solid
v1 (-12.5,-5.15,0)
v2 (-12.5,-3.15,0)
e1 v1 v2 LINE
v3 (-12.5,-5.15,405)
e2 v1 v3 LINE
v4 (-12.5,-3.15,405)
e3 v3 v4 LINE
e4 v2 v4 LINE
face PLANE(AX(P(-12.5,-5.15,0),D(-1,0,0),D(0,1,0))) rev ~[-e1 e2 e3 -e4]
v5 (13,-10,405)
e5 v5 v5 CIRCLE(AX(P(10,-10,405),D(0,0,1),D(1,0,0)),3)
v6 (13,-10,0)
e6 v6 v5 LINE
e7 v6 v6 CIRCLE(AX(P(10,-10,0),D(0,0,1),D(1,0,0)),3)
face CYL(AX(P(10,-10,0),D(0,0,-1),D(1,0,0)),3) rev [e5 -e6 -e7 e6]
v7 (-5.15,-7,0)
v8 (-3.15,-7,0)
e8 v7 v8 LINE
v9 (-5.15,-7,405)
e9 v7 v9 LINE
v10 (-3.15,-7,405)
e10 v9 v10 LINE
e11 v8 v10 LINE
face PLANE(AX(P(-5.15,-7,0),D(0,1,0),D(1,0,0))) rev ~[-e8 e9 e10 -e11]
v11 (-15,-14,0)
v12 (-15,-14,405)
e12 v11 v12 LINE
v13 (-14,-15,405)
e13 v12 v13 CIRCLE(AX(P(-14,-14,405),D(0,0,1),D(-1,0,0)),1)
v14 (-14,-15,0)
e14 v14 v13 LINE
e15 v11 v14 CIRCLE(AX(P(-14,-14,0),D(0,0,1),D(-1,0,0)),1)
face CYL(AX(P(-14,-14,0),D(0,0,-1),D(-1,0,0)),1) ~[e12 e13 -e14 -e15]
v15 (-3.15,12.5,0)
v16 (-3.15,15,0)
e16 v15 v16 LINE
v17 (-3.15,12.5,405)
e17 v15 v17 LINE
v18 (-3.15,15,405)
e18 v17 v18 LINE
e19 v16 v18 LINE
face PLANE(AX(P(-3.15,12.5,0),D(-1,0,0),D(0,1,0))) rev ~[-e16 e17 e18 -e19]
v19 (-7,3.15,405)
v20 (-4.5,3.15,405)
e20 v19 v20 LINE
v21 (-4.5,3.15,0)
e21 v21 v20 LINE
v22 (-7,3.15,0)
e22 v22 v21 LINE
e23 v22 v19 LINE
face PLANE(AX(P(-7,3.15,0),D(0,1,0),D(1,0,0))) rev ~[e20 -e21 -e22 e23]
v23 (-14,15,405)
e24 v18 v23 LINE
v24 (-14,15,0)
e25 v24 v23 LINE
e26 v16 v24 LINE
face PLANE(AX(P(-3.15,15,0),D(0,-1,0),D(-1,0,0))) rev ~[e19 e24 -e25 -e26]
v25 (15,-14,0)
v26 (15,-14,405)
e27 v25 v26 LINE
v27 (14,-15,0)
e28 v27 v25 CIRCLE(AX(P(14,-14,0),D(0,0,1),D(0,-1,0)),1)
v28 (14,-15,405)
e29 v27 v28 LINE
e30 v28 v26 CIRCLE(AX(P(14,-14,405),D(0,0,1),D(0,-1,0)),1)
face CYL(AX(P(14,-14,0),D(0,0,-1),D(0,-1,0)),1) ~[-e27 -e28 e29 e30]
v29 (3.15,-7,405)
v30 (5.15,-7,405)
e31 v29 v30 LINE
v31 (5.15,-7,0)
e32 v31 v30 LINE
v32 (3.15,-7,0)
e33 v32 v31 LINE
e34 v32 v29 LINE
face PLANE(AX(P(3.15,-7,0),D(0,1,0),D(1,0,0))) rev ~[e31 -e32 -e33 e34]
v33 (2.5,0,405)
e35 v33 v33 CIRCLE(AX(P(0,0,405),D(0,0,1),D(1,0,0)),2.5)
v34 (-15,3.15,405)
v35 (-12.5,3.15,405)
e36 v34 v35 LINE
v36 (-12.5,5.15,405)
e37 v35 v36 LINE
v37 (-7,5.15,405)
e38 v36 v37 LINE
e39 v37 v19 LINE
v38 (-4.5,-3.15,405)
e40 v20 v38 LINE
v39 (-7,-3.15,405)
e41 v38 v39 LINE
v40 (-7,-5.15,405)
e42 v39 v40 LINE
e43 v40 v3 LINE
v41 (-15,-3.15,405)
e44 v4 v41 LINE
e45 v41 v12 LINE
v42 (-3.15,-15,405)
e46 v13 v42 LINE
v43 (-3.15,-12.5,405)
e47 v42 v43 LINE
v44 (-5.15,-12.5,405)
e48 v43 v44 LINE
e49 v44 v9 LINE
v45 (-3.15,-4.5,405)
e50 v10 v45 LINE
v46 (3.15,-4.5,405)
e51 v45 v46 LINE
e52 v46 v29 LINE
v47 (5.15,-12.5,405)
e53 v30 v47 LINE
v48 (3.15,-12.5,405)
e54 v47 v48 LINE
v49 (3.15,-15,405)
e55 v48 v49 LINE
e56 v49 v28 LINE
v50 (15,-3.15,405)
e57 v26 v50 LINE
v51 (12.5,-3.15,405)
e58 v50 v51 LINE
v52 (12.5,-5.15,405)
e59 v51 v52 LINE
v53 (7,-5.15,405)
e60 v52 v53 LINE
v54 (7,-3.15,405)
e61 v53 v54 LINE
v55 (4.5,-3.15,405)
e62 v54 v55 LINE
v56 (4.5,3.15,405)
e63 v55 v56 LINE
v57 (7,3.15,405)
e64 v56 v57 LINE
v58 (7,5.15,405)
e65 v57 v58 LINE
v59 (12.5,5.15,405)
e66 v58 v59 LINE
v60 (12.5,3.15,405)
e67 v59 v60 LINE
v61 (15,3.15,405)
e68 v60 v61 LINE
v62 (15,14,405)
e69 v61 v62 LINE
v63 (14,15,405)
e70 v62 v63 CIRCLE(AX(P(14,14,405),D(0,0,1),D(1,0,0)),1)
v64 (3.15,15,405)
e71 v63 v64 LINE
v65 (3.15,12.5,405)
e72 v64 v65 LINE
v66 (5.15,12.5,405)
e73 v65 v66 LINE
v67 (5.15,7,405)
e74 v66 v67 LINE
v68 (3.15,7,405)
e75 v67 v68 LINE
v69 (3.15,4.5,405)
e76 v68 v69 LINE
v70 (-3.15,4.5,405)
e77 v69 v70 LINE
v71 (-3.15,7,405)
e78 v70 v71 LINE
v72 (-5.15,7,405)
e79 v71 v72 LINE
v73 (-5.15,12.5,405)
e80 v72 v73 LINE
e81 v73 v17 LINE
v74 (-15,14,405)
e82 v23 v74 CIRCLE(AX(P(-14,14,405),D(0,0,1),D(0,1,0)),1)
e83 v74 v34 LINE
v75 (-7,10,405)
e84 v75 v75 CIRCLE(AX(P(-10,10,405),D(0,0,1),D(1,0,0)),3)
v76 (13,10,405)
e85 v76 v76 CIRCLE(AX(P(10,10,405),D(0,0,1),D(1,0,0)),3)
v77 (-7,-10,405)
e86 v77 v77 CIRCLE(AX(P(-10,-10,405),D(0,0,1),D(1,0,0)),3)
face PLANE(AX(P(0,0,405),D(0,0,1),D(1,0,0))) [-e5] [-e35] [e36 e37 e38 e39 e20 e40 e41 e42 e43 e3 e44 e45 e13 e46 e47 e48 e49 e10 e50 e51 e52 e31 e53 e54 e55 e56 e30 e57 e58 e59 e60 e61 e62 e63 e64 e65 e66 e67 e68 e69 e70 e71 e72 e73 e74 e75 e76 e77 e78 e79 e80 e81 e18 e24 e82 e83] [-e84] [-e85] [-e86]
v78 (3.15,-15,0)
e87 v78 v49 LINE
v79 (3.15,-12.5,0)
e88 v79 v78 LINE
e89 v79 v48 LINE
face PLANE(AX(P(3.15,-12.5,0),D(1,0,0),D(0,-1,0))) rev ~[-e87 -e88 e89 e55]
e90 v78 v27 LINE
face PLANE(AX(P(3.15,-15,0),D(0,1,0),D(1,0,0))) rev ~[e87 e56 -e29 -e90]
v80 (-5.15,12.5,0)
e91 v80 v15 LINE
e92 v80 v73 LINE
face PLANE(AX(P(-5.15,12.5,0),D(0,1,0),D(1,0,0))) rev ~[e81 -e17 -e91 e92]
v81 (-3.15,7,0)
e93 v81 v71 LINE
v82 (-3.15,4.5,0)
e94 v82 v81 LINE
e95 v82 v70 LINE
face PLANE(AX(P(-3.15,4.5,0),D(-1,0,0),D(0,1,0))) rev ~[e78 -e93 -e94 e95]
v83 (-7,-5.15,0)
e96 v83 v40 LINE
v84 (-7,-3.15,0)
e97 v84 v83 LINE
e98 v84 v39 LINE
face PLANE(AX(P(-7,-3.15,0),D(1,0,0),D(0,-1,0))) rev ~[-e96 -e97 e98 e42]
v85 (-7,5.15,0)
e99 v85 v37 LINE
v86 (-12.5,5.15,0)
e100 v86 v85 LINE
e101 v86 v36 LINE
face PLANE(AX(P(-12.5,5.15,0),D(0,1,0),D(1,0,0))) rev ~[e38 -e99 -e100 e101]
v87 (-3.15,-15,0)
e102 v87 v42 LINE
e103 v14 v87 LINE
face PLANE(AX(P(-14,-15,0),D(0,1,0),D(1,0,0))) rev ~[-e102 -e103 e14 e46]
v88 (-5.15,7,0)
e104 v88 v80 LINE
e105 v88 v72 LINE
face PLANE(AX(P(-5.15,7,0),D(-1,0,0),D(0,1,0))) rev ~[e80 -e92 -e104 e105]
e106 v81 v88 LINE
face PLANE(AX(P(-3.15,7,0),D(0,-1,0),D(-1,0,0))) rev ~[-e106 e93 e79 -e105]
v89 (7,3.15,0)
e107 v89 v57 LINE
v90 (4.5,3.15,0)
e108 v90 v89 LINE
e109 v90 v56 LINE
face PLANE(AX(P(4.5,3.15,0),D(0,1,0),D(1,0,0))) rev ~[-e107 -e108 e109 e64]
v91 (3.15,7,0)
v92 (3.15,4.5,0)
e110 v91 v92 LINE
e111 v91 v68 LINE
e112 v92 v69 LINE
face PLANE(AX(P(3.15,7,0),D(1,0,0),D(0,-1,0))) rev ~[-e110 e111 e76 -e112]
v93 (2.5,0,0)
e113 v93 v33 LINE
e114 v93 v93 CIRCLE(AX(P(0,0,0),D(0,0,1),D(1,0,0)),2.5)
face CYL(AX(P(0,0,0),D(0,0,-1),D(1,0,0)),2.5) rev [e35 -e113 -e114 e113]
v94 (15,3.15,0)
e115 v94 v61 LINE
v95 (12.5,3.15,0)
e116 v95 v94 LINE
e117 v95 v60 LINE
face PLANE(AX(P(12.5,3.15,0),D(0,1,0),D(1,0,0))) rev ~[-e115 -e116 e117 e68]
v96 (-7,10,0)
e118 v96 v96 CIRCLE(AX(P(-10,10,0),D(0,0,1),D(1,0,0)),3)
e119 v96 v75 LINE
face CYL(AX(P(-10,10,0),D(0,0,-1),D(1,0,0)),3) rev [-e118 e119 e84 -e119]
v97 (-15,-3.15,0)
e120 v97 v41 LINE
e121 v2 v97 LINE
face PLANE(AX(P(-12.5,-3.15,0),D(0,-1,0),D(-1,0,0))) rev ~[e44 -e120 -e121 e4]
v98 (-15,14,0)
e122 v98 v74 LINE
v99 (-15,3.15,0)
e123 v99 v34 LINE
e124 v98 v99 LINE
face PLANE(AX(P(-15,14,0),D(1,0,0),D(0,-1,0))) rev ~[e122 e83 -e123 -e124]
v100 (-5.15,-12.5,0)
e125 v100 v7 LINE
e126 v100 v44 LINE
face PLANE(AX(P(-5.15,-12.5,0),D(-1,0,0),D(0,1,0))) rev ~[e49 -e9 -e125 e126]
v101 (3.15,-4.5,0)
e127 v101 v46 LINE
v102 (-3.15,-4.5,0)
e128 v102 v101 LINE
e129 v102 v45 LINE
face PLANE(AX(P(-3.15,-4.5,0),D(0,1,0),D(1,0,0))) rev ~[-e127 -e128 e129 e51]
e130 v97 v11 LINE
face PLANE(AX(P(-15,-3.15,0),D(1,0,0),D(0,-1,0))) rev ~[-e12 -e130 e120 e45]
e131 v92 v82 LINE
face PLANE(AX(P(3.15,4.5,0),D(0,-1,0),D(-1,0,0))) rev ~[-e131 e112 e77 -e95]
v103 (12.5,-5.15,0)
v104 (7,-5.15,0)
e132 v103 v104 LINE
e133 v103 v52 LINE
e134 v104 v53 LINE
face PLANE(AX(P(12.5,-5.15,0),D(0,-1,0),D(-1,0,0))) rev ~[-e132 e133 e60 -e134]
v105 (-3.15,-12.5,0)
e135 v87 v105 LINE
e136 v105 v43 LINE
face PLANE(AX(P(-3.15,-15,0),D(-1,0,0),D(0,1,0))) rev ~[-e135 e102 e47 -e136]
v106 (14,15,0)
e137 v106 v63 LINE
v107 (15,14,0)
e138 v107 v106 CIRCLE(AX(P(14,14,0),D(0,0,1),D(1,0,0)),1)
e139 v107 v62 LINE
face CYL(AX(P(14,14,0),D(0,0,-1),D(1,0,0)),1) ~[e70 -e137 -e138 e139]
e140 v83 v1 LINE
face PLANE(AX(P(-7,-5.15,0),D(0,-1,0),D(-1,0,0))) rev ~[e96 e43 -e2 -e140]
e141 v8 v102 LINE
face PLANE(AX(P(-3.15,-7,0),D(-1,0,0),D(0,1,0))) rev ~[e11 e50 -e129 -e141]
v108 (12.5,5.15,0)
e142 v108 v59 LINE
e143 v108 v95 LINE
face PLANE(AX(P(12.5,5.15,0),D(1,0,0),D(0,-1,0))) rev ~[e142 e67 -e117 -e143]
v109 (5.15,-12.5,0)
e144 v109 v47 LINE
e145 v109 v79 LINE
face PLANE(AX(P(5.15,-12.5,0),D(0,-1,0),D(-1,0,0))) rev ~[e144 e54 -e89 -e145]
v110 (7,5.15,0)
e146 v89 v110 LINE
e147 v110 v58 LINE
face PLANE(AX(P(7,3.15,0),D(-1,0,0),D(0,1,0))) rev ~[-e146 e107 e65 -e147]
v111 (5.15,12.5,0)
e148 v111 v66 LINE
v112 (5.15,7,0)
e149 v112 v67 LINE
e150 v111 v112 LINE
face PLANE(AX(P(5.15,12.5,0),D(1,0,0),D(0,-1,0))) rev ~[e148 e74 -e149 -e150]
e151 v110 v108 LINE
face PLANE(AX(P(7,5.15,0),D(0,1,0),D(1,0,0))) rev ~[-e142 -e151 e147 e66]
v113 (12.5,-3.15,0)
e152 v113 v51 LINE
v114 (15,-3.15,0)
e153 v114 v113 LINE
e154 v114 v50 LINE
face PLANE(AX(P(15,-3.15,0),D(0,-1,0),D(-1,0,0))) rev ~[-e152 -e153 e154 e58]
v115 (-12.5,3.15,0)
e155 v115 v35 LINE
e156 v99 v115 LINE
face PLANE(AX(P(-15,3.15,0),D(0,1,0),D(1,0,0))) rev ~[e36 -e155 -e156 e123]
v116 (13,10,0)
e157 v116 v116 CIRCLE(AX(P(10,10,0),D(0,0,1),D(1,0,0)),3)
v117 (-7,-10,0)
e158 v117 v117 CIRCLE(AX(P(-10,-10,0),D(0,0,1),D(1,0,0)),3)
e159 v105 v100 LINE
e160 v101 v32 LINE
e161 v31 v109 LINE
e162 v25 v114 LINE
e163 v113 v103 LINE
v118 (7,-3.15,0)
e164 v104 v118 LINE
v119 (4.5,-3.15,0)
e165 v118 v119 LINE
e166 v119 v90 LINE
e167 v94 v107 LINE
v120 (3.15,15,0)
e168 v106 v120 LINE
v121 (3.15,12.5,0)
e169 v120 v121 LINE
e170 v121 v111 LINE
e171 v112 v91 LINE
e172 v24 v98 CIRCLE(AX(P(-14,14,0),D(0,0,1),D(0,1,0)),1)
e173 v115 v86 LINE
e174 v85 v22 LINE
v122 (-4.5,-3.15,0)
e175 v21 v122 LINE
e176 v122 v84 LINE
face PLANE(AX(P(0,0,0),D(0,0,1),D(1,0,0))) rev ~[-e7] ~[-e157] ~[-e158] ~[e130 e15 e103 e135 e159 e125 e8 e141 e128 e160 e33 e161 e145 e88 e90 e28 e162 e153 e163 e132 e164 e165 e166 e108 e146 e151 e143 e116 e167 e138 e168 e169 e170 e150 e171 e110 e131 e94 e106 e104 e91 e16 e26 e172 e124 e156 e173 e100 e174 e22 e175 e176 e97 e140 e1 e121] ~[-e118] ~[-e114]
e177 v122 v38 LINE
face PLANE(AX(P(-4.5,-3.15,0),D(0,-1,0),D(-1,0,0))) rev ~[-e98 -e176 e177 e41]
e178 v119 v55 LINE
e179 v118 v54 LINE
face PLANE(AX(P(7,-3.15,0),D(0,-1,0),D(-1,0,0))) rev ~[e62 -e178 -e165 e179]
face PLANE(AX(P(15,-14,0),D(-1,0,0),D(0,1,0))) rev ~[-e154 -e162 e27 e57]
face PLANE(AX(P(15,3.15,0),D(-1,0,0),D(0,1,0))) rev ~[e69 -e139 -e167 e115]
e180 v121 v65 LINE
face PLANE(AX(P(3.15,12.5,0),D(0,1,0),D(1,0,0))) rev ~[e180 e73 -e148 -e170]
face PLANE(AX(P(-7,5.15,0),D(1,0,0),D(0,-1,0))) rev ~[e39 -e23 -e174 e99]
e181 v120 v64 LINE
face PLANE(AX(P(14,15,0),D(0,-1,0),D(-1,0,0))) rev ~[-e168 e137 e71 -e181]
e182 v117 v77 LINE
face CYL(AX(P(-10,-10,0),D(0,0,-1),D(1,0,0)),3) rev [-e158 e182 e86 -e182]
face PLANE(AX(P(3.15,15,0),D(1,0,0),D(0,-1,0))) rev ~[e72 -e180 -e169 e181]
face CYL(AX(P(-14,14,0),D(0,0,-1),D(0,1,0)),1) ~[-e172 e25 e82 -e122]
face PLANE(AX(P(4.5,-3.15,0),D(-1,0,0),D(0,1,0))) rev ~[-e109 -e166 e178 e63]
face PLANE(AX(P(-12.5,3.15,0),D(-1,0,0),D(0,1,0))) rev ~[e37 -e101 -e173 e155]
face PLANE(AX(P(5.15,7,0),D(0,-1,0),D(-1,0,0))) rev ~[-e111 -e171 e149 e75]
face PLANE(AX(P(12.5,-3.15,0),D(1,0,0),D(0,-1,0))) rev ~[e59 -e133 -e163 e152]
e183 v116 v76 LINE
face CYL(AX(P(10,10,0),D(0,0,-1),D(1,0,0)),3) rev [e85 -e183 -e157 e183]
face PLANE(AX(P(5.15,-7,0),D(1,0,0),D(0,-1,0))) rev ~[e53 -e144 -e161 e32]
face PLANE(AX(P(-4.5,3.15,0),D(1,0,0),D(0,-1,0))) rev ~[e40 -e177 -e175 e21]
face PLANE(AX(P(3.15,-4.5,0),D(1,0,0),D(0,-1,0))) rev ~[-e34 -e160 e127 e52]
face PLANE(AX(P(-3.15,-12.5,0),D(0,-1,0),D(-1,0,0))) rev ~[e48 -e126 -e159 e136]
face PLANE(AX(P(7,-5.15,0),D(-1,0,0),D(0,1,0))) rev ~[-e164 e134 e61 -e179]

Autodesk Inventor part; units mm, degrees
ref_plane "YZ Plane" through (0, 0, 0) normal (1, 0, 0) x (0, 1, 0)
ref_plane "XZ Plane" through (0, 0, 0) normal (0, 1, 0) x (-1, 0, 0)
ref_plane "XY Plane" through (0, 0, 0) normal (0, 0, 1) x (1, 0, 0)
feature "ソリッド1" [suppressed]
sketch "スケッチ2" plane through (0, 0, 0) normal (0, 0, 1) x (1, 0, 0)
  line L0 (-12.5, 5.15) -> (-7, 5.15) projected
  line L1 (-7, 5.15) -> (-7, 3.15) projected
  line L2 (-7, 3.15) -> (-4.5, 3.15) projected
  line L3 (-4.5, 3.15) -> (-4.5, -3.15) projected
  line L4 (-4.5, -3.15) -> (-7, -3.15) projected
  line L5 (-7, -3.15) -> (-7, -5.15) projected
  line L6 (-7, -5.15) -> (-12.5, -5.15) projected
  line L7 (-12.5, -5.15) -> (-12.5, -3.15) projected
  line L8 (-12.5, -3.15) -> (-15, -3.15) projected
  line L9 (-15, -3.15) -> (-15, -14) projected
  arc A0 (-15, -14) -> (-14, -15) centre (-14, -14) ccw projected
  line L10 (-14, -15) -> (-3.15, -15) projected
  line L11 (-3.15, -15) -> (-3.15, -12.5) projected
  line L12 (-3.15, -12.5) -> (-5.15, -12.5) projected
  line L13 (-5.15, -12.5) -> (-5.15, -7) projected
  line L14 (-5.15, -7) -> (-3.15, -7) projected
  line L15 (-3.15, -7) -> (-3.15, -4.5) projected
  line L16 (-3.15, -4.5) -> (3.15, -4.5) projected
  line L17 (3.15, -4.5) -> (3.15, -7) projected
  line L18 (3.15, -7) -> (5.15, -7) projected
  line L19 (5.15, -7) -> (5.15, -12.5) projected
  line L20 (5.15, -12.5) -> (3.15, -12.5) projected
  line L21 (3.15, -12.5) -> (3.15, -15) projected
  line L22 (3.15, -15) -> (14, -15) projected
  arc A1 (14, -15) -> (15, -14) centre (14, -14) ccw projected
  line L23 (15, -14) -> (15, -3.15) projected
  line L24 (15, -3.15) -> (12.5, -3.15) projected
  line L25 (12.5, -3.15) -> (12.5, -5.15) projected
  line L26 (12.5, -5.15) -> (7, -5.15) projected
  line L27 (7, -5.15) -> (7, -3.15) projected
  line L28 (7, -3.15) -> (4.5, -3.15) projected
  line L29 (4.5, -3.15) -> (4.5, 3.15) projected
  line L30 (4.5, 3.15) -> (7, 3.15) projected
  line L31 (7, 3.15) -> (7, 5.15) projected
  line L32 (7, 5.15) -> (12.5, 5.15) projected
  line L33 (12.5, 5.15) -> (12.5, 3.15) projected
  line L34 (12.5, 3.15) -> (15, 3.15) projected
  line L35 (15, 3.15) -> (15, 14) projected
  arc A2 (15, 14) -> (14, 15) centre (14, 14) ccw projected
  line L36 (14, 15) -> (3.15, 15) projected
  line L37 (3.15, 15) -> (3.15, 12.5) projected
  line L38 (3.15, 12.5) -> (5.15, 12.5) projected
  line L39 (5.15, 12.5) -> (5.15, 7) projected
  line L40 (5.15, 7) -> (3.15, 7) projected
  line L41 (3.15, 7) -> (3.15, 4.5) projected
  line L42 (3.15, 4.5) -> (-3.15, 4.5) projected
  line L43 (-3.15, 4.5) -> (-3.15, 7) projected
  line L44 (-3.15, 7) -> (-5.15, 7) projected
  line L45 (-5.15, 7) -> (-5.15, 12.5) projected
  line L46 (-5.15, 12.5) -> (-3.15, 12.5) projected
  line L47 (-3.15, 12.5) -> (-3.15, 15) projected
  line L48 (-3.15, 15) -> (-14, 15) projected
  arc A3 (-14, 15) -> (-15, 14) centre (-14, 14) ccw projected
  line L49 (-15, 14) -> (-15, 3.15) projected
  line L50 (-15, 3.15) -> (-12.5, 3.15) projected
  line L51 (-12.5, 3.15) -> (-12.5, 5.15) projected
  circle A4 centre (10, 10) radius 3 projected
  circle A5 centre (-10, 10) radius 3 projected
  circle A6 centre (-10, -10) radius 3 projected
  circle A7 centre (10, -10) radius 3 projected
  circle A8 centre (0, 0) radius 2.5 projected
extrude "押し出し1" add sketch "スケッチ2" along normal blind 405
equation "\"d1\" = L"
equation "\"L\" = 405"
properties part number "AFS-3030-405"
